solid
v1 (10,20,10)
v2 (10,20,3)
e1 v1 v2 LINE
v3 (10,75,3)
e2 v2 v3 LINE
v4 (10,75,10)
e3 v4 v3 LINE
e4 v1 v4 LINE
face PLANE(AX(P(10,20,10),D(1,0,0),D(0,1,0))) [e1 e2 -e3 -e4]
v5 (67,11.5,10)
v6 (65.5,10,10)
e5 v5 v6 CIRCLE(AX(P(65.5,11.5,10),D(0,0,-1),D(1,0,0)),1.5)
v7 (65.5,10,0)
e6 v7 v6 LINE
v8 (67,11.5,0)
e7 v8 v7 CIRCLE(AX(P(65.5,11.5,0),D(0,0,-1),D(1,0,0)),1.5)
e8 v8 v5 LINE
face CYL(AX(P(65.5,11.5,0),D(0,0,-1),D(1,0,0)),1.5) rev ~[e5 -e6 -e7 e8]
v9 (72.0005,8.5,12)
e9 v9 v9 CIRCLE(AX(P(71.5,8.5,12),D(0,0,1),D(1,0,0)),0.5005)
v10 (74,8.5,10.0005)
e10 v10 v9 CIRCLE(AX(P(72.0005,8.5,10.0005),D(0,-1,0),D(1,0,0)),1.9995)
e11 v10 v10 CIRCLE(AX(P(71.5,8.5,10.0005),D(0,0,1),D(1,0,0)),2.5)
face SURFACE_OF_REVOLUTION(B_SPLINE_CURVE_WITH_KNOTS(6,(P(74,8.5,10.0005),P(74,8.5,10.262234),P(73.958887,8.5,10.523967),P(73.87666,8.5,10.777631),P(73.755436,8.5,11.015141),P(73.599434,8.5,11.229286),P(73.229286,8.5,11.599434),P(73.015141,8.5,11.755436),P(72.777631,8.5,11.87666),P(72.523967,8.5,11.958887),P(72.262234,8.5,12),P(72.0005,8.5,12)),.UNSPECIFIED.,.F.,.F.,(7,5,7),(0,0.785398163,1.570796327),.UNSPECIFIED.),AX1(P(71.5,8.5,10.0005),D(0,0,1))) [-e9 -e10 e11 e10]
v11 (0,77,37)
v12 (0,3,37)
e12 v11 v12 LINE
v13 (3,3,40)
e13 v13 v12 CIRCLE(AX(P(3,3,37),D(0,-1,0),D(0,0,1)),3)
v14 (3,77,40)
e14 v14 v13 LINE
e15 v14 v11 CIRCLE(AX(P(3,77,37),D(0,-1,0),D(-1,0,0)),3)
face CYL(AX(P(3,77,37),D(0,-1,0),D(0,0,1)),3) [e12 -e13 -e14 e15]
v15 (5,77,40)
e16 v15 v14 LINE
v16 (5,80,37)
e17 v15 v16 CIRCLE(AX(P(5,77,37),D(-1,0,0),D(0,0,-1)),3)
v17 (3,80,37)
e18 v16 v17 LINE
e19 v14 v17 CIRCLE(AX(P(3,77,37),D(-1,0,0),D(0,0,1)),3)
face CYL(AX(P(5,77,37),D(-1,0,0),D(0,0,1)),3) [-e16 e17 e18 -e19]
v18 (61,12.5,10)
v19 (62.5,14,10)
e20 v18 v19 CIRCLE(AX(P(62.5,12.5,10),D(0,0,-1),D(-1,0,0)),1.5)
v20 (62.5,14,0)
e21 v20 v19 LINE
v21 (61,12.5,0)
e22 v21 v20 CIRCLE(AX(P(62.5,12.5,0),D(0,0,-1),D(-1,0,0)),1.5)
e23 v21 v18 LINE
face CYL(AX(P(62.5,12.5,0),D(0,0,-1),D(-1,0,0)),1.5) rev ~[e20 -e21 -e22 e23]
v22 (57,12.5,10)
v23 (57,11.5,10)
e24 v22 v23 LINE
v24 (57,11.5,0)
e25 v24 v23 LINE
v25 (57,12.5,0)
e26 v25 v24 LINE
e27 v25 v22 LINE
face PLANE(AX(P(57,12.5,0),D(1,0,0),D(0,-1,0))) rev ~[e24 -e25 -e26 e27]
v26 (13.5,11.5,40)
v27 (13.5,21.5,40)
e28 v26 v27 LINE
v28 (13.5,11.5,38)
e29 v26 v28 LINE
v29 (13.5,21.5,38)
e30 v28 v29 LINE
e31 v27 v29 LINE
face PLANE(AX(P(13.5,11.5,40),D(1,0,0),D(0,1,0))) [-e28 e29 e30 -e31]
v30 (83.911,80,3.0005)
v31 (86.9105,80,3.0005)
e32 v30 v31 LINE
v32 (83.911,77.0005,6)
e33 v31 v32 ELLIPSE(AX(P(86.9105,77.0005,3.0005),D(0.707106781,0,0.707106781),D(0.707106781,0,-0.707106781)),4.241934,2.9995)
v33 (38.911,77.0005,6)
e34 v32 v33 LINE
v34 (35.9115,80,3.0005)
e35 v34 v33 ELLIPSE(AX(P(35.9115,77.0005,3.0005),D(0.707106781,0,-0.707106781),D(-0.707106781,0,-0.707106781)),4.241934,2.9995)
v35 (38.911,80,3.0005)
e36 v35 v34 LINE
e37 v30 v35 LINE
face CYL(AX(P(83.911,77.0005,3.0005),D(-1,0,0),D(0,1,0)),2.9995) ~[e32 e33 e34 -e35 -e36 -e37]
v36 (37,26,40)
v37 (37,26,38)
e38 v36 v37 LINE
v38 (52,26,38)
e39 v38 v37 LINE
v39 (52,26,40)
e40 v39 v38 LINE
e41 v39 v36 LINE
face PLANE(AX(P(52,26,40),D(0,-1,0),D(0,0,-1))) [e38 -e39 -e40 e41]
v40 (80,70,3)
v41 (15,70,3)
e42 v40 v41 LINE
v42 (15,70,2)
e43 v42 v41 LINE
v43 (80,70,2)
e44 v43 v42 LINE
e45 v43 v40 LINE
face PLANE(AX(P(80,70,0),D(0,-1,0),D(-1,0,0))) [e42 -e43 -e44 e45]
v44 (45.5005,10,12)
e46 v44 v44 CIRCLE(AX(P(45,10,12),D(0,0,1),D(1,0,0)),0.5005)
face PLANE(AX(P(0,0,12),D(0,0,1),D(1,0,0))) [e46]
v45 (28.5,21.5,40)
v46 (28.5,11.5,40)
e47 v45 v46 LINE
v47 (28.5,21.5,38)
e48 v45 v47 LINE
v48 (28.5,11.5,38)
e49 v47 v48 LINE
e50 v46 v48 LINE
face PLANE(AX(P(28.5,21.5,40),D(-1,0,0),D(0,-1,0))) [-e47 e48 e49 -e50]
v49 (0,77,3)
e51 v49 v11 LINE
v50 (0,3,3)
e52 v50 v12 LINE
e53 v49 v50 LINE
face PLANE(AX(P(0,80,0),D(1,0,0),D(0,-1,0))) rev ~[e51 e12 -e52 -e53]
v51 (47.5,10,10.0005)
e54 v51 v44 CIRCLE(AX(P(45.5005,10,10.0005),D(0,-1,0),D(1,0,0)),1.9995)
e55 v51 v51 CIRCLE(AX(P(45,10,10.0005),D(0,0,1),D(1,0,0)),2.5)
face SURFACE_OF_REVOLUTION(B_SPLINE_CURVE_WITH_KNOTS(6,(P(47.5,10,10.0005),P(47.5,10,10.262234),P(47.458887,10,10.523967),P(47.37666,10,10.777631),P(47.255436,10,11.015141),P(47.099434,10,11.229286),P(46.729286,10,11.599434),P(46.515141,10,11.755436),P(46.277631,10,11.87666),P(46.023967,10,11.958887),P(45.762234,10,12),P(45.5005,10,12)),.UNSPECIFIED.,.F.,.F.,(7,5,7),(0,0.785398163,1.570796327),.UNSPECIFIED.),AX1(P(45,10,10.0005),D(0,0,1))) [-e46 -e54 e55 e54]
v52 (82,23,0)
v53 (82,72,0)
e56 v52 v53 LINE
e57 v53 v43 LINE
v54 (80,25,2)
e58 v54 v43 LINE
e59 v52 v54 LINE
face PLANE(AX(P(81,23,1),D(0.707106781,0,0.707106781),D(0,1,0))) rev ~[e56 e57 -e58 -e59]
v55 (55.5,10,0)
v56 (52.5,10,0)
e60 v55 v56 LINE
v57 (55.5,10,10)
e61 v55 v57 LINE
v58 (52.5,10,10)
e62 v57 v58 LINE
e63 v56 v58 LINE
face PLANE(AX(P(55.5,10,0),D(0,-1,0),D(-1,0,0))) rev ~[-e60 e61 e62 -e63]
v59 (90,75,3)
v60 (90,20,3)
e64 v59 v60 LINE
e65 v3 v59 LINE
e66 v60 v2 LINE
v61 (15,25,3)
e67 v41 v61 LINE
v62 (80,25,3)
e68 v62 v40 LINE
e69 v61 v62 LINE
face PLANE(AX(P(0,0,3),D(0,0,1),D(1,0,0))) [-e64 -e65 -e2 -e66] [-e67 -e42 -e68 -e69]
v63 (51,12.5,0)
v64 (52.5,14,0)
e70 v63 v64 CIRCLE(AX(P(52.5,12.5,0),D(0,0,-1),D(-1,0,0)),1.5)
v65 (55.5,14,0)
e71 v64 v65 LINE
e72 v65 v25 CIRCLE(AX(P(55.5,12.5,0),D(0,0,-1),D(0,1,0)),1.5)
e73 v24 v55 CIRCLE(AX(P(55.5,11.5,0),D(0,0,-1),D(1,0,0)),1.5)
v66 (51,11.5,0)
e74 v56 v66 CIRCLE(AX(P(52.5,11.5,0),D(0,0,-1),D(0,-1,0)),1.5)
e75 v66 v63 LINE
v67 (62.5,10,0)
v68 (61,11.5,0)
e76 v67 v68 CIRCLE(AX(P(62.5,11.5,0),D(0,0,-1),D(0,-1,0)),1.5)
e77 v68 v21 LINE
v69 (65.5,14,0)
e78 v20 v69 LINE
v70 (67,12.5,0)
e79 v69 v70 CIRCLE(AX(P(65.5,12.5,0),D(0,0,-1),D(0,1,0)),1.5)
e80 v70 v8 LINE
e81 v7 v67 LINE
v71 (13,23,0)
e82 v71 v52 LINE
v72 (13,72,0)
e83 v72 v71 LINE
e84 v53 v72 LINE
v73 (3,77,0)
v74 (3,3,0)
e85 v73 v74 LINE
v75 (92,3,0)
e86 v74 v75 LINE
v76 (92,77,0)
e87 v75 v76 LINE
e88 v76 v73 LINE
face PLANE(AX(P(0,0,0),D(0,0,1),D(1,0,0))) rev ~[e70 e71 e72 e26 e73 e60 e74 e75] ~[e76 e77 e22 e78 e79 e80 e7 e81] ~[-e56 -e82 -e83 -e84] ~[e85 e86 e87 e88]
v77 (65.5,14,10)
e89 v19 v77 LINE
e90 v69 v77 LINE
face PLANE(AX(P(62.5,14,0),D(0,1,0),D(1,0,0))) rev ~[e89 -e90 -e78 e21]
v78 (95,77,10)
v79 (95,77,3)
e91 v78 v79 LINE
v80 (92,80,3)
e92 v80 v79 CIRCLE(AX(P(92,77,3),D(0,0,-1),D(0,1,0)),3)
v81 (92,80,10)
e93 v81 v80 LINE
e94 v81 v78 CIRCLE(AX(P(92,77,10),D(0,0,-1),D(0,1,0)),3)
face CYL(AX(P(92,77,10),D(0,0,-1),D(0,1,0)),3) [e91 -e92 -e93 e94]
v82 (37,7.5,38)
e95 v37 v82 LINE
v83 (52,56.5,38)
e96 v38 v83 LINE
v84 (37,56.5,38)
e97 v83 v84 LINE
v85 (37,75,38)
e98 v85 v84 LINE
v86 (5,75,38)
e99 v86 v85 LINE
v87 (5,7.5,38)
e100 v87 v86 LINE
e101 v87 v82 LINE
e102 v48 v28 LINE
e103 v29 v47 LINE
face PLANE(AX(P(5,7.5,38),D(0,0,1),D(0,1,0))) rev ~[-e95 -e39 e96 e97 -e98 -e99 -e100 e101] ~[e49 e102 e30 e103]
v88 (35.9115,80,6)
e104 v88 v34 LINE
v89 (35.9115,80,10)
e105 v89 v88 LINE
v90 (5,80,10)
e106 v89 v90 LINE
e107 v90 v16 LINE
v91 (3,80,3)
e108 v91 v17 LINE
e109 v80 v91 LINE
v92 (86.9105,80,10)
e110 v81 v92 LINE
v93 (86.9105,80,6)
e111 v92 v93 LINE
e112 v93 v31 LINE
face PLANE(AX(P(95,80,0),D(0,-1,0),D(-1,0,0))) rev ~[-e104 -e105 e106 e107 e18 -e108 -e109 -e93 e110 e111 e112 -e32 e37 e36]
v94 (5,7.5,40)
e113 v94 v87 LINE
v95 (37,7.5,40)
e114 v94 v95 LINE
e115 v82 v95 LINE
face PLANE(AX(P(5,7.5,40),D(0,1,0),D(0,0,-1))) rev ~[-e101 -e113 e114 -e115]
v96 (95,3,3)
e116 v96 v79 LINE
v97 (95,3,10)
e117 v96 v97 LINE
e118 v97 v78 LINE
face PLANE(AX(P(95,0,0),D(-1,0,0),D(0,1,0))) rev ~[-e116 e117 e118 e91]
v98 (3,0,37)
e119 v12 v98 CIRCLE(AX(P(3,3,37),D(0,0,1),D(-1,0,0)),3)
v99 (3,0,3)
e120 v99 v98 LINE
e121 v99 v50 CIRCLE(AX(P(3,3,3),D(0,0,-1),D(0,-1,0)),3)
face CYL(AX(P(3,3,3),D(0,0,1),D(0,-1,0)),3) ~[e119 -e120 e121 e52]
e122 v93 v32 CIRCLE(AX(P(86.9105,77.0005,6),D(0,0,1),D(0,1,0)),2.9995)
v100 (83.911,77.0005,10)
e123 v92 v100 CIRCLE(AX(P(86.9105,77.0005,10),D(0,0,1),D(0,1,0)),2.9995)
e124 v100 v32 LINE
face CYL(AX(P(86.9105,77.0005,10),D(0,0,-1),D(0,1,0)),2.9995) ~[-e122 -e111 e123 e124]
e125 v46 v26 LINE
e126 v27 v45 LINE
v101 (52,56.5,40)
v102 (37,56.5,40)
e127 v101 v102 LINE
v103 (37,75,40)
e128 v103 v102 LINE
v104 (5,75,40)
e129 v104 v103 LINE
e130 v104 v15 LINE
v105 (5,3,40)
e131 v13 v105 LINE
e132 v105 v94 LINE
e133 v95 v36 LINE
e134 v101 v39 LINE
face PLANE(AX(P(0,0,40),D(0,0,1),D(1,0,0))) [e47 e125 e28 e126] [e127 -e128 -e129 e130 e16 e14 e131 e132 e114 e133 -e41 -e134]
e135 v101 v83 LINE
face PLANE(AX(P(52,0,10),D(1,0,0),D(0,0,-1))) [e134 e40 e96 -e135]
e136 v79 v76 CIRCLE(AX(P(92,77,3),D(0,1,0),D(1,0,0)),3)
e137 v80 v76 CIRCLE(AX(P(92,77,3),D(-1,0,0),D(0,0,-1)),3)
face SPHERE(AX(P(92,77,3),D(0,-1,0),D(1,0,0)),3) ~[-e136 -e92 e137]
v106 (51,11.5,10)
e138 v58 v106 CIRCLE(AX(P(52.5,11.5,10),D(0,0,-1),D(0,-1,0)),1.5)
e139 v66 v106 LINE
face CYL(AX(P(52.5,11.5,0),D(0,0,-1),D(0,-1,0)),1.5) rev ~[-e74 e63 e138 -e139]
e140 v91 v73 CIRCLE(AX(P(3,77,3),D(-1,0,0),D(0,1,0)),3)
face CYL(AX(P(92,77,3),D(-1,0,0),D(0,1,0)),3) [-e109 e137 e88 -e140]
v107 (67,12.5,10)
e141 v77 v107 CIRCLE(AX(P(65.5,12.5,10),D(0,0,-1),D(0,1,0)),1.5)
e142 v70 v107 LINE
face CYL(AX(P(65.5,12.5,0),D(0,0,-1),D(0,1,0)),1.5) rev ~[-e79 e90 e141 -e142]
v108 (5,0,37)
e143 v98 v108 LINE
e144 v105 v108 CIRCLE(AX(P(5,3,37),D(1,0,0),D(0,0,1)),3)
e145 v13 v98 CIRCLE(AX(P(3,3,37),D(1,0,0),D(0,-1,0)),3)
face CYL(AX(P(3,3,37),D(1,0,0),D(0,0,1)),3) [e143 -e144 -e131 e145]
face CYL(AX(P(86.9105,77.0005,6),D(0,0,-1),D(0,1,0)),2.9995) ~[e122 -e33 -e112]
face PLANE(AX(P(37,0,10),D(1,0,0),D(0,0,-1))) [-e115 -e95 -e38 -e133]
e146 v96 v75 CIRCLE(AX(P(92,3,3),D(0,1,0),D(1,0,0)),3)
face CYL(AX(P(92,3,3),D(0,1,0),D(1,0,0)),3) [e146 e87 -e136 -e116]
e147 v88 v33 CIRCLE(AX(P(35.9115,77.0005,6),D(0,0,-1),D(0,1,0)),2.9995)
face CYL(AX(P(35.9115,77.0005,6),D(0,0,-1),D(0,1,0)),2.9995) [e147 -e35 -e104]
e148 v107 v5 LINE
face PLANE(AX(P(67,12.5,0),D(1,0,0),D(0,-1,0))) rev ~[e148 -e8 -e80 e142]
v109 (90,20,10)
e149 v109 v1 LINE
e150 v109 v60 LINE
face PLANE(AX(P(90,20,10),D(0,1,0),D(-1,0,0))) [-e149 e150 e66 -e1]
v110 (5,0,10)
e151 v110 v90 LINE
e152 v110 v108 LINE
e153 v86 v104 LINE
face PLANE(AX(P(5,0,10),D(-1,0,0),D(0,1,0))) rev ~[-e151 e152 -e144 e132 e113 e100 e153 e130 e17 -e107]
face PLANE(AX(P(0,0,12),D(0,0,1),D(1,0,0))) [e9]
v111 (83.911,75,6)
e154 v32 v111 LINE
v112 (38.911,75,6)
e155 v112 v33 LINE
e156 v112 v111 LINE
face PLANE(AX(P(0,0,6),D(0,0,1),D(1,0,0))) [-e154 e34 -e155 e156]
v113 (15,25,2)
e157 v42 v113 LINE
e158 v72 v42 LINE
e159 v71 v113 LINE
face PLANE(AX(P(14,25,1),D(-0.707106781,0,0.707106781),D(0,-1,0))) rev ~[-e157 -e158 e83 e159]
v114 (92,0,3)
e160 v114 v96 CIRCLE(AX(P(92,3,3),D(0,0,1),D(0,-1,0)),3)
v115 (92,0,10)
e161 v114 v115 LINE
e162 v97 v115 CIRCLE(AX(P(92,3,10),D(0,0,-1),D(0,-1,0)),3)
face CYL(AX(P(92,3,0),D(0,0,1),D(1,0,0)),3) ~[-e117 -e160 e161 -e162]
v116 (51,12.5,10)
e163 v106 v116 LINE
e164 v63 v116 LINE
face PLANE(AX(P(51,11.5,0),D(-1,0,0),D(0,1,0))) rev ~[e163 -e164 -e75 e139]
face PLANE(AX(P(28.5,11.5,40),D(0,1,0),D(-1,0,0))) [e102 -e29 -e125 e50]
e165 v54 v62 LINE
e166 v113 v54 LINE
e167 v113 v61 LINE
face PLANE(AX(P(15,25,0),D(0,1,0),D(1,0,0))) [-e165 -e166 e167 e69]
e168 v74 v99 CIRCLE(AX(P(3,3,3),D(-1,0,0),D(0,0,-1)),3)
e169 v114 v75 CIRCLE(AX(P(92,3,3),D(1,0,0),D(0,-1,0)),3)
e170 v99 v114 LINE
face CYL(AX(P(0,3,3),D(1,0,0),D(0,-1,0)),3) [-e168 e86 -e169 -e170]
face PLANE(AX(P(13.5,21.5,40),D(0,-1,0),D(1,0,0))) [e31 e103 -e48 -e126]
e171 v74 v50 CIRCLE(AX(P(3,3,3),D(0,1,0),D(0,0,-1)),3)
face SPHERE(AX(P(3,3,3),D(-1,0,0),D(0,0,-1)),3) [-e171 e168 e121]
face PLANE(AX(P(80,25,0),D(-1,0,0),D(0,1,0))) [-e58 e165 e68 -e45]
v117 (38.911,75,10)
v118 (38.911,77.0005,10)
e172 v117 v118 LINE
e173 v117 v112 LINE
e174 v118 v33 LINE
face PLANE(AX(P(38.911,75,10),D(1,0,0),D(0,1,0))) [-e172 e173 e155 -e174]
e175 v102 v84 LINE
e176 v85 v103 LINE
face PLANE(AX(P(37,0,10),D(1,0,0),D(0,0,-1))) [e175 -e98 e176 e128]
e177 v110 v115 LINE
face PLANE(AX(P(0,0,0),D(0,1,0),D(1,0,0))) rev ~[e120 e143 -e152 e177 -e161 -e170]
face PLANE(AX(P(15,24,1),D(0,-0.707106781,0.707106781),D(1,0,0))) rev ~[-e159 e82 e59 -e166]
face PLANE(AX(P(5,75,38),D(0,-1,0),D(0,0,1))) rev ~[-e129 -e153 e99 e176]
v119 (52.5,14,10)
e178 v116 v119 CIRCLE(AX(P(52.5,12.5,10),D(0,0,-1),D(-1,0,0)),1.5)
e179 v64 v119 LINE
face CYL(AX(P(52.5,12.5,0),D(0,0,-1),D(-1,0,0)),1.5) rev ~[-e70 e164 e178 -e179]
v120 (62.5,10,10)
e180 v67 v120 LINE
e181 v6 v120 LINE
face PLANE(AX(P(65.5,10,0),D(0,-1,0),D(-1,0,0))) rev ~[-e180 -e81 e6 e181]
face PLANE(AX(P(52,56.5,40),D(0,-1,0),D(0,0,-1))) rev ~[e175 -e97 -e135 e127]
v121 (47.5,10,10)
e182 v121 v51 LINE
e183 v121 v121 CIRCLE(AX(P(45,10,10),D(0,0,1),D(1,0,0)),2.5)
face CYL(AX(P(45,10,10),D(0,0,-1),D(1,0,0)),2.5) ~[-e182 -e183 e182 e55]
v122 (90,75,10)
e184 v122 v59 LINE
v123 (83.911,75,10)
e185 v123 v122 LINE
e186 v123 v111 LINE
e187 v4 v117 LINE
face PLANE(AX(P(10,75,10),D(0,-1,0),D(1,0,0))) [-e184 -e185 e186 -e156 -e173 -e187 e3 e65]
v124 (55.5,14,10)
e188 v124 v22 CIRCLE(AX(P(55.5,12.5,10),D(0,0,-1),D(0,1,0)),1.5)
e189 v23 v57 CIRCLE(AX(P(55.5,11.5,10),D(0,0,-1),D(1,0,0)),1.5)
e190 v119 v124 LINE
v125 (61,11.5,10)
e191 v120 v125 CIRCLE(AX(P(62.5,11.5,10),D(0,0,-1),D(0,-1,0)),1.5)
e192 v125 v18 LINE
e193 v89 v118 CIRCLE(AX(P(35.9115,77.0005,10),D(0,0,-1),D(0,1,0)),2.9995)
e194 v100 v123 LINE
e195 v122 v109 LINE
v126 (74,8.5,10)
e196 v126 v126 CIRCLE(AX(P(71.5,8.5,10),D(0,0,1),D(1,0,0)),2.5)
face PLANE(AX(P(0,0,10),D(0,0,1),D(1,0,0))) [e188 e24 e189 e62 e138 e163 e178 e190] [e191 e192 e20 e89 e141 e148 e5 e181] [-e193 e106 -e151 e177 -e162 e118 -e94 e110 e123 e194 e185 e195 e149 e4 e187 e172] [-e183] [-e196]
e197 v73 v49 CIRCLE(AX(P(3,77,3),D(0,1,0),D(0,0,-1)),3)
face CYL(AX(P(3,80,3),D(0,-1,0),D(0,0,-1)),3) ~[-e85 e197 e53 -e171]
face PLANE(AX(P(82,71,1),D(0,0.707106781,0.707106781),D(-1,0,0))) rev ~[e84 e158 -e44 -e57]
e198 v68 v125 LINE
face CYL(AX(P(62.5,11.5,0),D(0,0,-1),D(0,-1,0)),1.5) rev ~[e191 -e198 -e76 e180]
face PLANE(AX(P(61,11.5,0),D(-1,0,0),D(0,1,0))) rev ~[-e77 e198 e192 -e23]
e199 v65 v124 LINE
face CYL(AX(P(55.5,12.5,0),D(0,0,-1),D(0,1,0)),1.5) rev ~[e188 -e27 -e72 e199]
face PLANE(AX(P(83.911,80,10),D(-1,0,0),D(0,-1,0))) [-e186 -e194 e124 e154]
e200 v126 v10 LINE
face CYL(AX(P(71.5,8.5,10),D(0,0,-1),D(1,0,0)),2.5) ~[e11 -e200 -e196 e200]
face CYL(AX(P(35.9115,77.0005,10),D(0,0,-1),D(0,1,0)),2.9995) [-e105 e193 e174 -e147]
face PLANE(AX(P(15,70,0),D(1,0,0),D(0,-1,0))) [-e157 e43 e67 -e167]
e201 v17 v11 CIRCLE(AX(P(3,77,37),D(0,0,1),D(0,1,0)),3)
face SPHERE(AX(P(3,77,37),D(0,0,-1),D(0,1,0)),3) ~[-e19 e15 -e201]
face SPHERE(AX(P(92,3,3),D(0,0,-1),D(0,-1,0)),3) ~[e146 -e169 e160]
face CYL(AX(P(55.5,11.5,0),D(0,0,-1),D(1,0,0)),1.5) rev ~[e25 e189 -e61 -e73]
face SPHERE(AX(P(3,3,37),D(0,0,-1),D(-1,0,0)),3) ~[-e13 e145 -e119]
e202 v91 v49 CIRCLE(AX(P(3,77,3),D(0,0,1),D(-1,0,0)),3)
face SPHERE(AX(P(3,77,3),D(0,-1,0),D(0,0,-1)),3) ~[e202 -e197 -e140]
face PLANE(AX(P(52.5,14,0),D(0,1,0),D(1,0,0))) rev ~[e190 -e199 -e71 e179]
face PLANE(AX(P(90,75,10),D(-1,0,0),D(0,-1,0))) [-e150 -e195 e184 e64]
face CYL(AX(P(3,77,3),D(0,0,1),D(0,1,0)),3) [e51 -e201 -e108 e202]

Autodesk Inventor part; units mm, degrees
ref_plane "YZ Plane" through (0, 0, 0) normal (1, 0, 0) x (0, 1, 0)
ref_plane "XZ Plane" through (0, 0, 0) normal (0, 1, 0) x (-1, 0, 0)
ref_plane "XY Plane" through (0, 0, 0) normal (0, 0, 1) x (1, 0, 0)
sketch "Sketch1" plane through (0, 0, 0) normal (0, 0, 1) x (1, 0, 0)
  line L0 (0, 0) -> (95, 0)
  line L1 (95, 0) -> (95, 80)
  line L2 (95, 80) -> (0, 80)
  line L3 (0, 80) -> (0, 0)
  dimension "d0" = 95
  dimension "d1" = 80
extrude "Extrusion1" add sketch "Sketch1" along normal blind 10
sketch "Sketch2" plane through (0, 0, 10) normal (0, 0, 1) x (1, 0, 0)
  line L0 (0, 0) -> (5, 0)
  line L1 (5, 0) -> (5, 80)
  line L2 (5, 80) -> (0, 80)
  line L3 (0, 80) -> (0, 0)
  dimension "d4" = 5
  dimension "d5" = 80
extrude "Extrusion2" add sketch "Sketch2" along normal blind 30
sketch "Sketch3" plane through (5, 0, 10) normal (1, 0, 0) x (0, 0, -1)
  line L0 (-30, 80) -> (-30, 0) projected
  line L1 (-30, 7.5) -> (-28, 7.5)
  line L2 (-28, 7.5) -> (-28, 75)
  line L3 (-28, 75) -> (-30, 75)
  line L4 (-30, 75) -> (-30, 7.5)
  point P0 (10, 0)
  dimension "d8" = 2
  dimension "d9" = 67.5
extrude "Extrusion3" add sketch "Sketch3" along normal blind 47
sketch "Sketch4" plane through (52, 0, 10) normal (1, 0, 0) x (0, 0, -1)
  line L0 (-28, 75) -> (-28, 7.5) projected
  line L1 (-28, 75) -> (-30, 75)
  line L2 (-30, 75) -> (-30, 56.5)
  line L3 (-30, 56.5) -> (-28, 56.5)
  line L4 (-28, 56.5) -> (-28, 75)
  line L5 (-28, 7.5) -> (-30, 7.5)
  line L6 (-30, 7.5) -> (-30, 26)
  line L7 (-30, 26) -> (-28, 26)
  line L8 (-28, 26) -> (-28, 7.5)
  point P0 (10, 0)
  dimension "d12" = 2
  dimension "d13" = 18.5
  dimension "d14" = 2
  dimension "d15" = 18.5
extrude "Extrusion4" cut sketch "Sketch4" against normal blind 15
sketch "Sketch5" plane through (0, 0, 40) normal (0, 0, 1) x (1, 0, 0)
  line L0 (28.5, 11.5) -> (13.5, 11.5)
  line L1 (13.5, 11.5) -> (13.5, 21.5)
  line L2 (13.5, 21.5) -> (28.5, 21.5)
  line L3 (28.5, 21.5) -> (28.5, 11.5)
  point P0 (0, 0)
  dimension "d18" = 15
  dimension "d19" = 10
extrude "Extrusion5" cut sketch "Sketch5" against normal blind 2
sketch "Sketch6" plane through (0, 0, 0) normal (0, 0, -1) x (-1, 0, 0)
  line L0 (-80, 70) -> (-15, 70)
  line L1 (-15, 70) -> (-15, 25)
  line L2 (-15, 25) -> (-80, 25)
  line L3 (-80, 25) -> (-80, 70)
  line L4 (0, 80) -> (0, 0) projected
  line L5 (-95, 80) -> (0, 80) projected
  dimension "d22" = 65
  dimension "d23" = 45
  dimension "d24" = 15
  dimension "d25" = 10
extrude "Extrusion6" cut sketch "Sketch6" against normal blind 10
sketch "Sketch7" plane through (0, 0, 0) normal (0, 0, -1) x (-1, 0, 0)
  point P0 (0, 0)
sketch "Sketch8" plane through (0, 0, 10) normal (0, 0, 1) x (1, 0, 0)
  line L0 (90, 20) -> (10, 20)
  line L1 (10, 20) -> (10, 75)
  line L2 (10, 75) -> (90, 75)
  line L3 (90, 75) -> (90, 20)
  point P0 (0, 0)
  dimension "d28" = 80
  dimension "d29" = 55
extrude "Extrusion7" cut sketch "Sketch8" against normal blind 7
sketch "Sketch9" plane through (0, 0, 10) normal (0, 0, 1) x (1, 0, 0)
  circle A0 centre (45, 10) radius 2.5
  line L0 (0, 0) -> (95, 0) projected
  line L1 (5, 80) -> (5, 0) projected
  dimension "d32" = 5
  dimension "d36" = 10
  dimension "d41" = 40
extrude "Extrusion8" add sketch "Sketch9" along normal blind 2
fillet "Fillet1" radius 2 1 edges at (42.5, 10, 12)
sketch "Sketch10" plane through (0, 0, 10) normal (0, 0, 1) x (1, 0, 0)
  circle A0 centre (71.5, 8.5) radius 2.5
  point P0 (0, 0)
  dimension "d37" = 5
extrude "Extrusion9" add sketch "Sketch10" along normal blind 2
fillet "Fillet2" radius 2 1 edges at (69, 8.5, 12)
fillet "Fillet3" radius 3 1 edges at (95, 0, 5)
fillet "Fillet4" radius 3 3 edges at (46, 0, 0) (94.1213, 0.8787, 0) (95, 41.5, 0)
fillet "Fillet5" radius 3 3 edges at (0, 41.5, 0) (0, 0.8787, 0.8787) (0, 0, 21.5)
fillet "Fillet6" radius 3 5 edges at (47.5, 80, 0) (0.8787, 80, 0.8787) (0, 80, 21.5) (94.1213, 80, 0.8787) (95, 80, 6.5)
fillet "Fillet7" radius 3 5 edges at (0, 40, 40) (0.8787, 0.8787, 40) (4, 0, 40) (0.8787, 79.1213, 40) (4, 80, 40)
chamfer "Chamfer1" distance 2 angle 45 1 edges at (47.5, 25, 0)
chamfer "Chamfer2" distance 2 angle 45 1 edges at (15, 47.5, 0)
chamfer "Chamfer3" distance 2 angle 45 1 edges at (80, 47.5, 0)
sketch "Sketch11" plane through (0, 0, 0) normal (0, 0, -1) x (-1, 0, 0)
  line L0 (-65.5, 10) -> (-62.5, 10)
  line L1 (-61, 11.5) -> (-61, 12.5)
  line L2 (-62.5, 14) -> (-65.5, 14)
  line L3 (-67, 12.5) -> (-67, 11.5)
  line L4 (-55.5, 10) -> (-52.5, 10)
  line L5 (-51, 11.5) -> (-51, 12.5)
  line L6 (-52.5, 14) -> (-55.5, 14)
  line L7 (-57, 12.5) -> (-57, 11.5)
  arc A0 (-51, 12.5) -> (-52.5, 14) centre (-52.5, 12.5) ccw
  arc A1 (-52.5, 10) -> (-51, 11.5) centre (-52.5, 11.5) ccw
  arc A2 (-57, 11.5) -> (-55.5, 10) centre (-55.5, 11.5) ccw
  arc A3 (-55.5, 14) -> (-57, 12.5) centre (-55.5, 12.5) ccw
  arc A4 (-61, 12.5) -> (-62.5, 14) centre (-62.5, 12.5) ccw
  arc A5 (-62.5, 10) -> (-61, 11.5) centre (-62.5, 11.5) ccw
  arc A6 (-67, 11.5) -> (-65.5, 10) centre (-65.5, 11.5) ccw
  arc A7 (-65.5, 14) -> (-67, 12.5) centre (-65.5, 12.5) ccw
  point P0 (0, 0)
  point P1 (-67, 10)
  point P2 (-61, 14)
  point P3 (-61, 10)
  point P4 (-67, 14)
  point P5 (-57, 10)
  point P6 (-51, 14)
  point P7 (-51, 10)
  point P8 (-57, 14)
  dimension "d56" = 6
  dimension "d57" = 4
  dimension "d60" = 1.5
extrude "Extrusion10" cut sketch "Sketch11" against normal blind 10
chamfer "Chamfer4" distance 2 angle 45 1 edges at (47.5, 70, 0)
sketch "Sketch12" plane through (0, 0, 10) normal (0, 0, 1) x (1, 0, 0)
  line L0 (92, 80) -> (5, 80) projected
  line L1 (10, 75) -> (90, 75) projected
  line L2 (38.911, 80) -> (83.911, 80)
  line L3 (83.911, 80) -> (83.911, 75)
  line L4 (83.911, 75) -> (38.911, 75)
  line L5 (38.911, 75) -> (38.911, 80)
  point P0 (0, 0)
  dimension "d64" = 45
extrude "Extrusion11" cut sketch "Sketch12" against normal blind 4
fillet "Fillet8" radius 3 1 edges at (61.411, 80, 6)
fillet "Fillet9" radius 3 2 edges at (83.911, 80, 4.5003) (83.911, 80, 8)
fillet "Fillet10" radius 3 2 edges at (38.911, 80, 4.5003) (38.911, 80, 8)
properties part number "case top"
